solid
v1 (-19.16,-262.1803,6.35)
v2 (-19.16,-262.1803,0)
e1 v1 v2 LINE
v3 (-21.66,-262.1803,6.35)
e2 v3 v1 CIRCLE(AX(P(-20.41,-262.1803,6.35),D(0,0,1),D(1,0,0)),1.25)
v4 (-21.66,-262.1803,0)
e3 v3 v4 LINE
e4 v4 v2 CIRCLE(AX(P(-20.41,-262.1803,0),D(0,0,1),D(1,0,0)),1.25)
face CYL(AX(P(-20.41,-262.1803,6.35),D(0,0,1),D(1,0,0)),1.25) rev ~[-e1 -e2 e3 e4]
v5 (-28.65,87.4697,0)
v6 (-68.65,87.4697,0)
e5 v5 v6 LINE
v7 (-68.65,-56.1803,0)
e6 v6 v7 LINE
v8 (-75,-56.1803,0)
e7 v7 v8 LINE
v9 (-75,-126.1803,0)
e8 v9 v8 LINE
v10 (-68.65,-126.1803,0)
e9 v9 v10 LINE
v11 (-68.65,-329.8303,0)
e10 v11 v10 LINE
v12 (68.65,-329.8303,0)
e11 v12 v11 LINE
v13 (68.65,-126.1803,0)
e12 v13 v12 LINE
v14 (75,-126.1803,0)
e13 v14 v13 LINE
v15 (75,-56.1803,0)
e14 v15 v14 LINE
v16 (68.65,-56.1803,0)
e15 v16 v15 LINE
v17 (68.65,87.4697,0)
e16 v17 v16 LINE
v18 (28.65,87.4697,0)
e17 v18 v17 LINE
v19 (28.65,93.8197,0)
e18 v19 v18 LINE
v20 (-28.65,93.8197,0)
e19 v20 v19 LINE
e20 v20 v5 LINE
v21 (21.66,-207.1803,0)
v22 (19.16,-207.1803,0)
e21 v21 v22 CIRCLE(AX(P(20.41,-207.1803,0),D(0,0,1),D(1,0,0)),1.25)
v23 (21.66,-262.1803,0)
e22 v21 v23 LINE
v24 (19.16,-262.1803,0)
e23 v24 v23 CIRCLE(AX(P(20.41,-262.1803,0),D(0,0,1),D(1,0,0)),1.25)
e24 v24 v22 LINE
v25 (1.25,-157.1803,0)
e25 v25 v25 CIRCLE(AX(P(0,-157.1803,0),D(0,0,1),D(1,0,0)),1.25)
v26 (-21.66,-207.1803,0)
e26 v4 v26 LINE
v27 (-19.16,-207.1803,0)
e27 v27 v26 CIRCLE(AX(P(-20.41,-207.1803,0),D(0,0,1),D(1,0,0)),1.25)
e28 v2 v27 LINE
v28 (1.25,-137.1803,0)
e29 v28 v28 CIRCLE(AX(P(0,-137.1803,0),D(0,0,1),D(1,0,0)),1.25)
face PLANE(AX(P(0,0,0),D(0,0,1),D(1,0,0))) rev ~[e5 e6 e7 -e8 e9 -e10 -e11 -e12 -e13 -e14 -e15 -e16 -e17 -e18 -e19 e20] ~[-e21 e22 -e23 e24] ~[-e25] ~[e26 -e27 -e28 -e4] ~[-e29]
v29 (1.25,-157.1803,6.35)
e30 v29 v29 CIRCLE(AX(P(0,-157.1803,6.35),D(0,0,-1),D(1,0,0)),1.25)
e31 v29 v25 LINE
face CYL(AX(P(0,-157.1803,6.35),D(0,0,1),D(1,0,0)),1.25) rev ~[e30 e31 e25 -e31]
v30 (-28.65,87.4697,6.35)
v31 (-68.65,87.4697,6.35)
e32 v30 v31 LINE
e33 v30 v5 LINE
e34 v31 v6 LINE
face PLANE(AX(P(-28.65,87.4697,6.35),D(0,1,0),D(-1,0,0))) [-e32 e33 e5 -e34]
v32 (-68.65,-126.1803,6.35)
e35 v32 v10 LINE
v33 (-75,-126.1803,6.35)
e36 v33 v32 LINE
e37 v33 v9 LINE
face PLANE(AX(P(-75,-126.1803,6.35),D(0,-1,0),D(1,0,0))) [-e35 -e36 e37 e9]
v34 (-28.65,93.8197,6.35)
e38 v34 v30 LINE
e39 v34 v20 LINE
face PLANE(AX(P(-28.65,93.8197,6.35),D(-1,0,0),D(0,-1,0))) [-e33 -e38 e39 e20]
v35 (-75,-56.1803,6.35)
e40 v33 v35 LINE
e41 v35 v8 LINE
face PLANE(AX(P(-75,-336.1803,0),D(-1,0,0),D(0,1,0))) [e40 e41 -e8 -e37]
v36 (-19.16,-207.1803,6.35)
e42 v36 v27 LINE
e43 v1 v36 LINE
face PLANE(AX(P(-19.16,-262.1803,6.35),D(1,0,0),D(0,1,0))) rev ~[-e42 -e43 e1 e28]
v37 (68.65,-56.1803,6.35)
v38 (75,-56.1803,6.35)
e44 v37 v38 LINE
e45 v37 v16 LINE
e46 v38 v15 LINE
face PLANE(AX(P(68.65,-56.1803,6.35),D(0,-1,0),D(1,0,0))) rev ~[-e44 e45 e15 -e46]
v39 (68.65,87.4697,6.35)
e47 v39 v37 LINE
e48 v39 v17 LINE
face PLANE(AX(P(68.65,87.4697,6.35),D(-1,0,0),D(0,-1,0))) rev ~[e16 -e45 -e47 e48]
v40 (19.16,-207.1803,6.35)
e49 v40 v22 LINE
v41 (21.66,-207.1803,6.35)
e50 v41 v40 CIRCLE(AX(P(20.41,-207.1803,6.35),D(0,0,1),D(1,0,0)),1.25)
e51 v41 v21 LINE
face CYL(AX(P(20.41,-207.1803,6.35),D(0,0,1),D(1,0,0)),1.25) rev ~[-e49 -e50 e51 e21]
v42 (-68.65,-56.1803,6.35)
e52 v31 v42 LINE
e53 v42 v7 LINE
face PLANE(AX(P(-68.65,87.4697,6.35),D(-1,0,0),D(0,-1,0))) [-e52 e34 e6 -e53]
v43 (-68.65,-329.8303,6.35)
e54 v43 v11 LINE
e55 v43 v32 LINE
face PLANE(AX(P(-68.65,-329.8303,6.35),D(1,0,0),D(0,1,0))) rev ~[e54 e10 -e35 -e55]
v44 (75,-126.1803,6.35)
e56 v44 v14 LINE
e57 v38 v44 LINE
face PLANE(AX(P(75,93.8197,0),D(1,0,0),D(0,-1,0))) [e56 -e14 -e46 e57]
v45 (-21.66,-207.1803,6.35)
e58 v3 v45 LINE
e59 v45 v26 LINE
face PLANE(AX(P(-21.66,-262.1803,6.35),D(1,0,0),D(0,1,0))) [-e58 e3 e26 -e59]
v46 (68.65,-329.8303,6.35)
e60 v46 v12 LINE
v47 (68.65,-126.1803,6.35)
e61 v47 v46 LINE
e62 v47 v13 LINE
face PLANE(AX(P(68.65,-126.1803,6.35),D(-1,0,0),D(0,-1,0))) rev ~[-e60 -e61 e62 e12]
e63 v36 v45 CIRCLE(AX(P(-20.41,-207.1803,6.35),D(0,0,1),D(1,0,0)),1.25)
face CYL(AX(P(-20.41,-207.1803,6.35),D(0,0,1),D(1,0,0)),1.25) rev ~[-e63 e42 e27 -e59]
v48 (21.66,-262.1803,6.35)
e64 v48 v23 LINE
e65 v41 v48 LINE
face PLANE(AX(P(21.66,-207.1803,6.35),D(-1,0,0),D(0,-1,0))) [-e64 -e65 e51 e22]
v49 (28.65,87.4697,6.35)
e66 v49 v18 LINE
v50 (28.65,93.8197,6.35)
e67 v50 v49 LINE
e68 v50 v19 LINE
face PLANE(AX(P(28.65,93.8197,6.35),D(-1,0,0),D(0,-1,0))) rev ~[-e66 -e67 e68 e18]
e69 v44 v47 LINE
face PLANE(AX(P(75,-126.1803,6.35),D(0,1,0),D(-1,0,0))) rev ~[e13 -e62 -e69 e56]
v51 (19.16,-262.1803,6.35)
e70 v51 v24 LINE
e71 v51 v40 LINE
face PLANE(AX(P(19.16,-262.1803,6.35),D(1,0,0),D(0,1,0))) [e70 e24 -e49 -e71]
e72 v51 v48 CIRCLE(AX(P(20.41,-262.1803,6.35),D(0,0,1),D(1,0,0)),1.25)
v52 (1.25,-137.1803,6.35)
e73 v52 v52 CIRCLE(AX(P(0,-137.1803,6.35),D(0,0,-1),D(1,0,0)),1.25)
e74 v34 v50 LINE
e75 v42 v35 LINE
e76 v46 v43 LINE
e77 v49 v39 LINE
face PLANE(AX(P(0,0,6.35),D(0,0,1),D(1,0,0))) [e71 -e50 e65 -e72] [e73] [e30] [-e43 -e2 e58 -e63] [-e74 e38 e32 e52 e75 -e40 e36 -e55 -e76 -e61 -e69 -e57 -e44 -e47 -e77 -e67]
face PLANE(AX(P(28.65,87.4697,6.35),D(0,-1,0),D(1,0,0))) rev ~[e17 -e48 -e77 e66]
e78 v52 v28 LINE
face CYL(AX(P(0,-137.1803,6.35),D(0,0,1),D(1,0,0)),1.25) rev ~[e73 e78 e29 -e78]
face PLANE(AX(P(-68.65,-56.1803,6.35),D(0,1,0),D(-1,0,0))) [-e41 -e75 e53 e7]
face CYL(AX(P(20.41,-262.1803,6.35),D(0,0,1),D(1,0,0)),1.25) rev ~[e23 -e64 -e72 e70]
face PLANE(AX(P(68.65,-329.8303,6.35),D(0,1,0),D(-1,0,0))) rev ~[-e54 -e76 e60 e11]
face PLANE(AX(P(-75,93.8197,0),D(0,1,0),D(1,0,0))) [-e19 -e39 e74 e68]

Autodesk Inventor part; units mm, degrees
ref_plane "YZ Plane" through (0, 0, 0) normal (1, 0, 0) x (0, 1, 0)
ref_plane "XZ Plane" through (0, 0, 0) normal (0, 1, 0) x (-1, 0, 0)
ref_plane "XY Plane" through (0, 0, 0) normal (0, 0, 1) x (1, 0, 0)
sketch "Sketch1" plane through (0, 0, 0) normal (0, 0, 1) x (1, 0, 0)
  line L0 (-75, 93.8197) -> (75, 93.8197)
  line L1 (75, 93.8197) -> (75, -336.1803)
  line L2 (75, -336.1803) -> (-75, -336.1803)
  line L3 (-75, -336.1803) -> (-75, 93.8197)
  point P0 (0, 0)
  dimension "d0" = 150
  dimension "d1" = 430
extrude "Extrusion1" add sketch "Sketch1" along normal blind 6.35
sketch "Sketch2" plane through (0, 0, 6.35) normal (0, 0, 1) x (1, 0, 0)
  line L0 (75, 93.8197) -> (-75, 93.8197) projected
  line L1 (-75, 93.8197) -> (-68.65, 93.8197)
  line L2 (-68.65, 93.8197) -> (-68.65, -56.1803)
  line L3 (-68.65, -56.1803) -> (-75, -56.1803)
  line L4 (-75, -56.1803) -> (-75, 93.8197)
  line L5 (-75, 93.8197) -> (-75, -336.1803) projected
  line L6 (-75, -126.1803) -> (-68.65, -126.1803)
  line L7 (-68.65, -126.1803) -> (-68.65, -236.1803)
  line L8 (-68.65, -236.1803) -> (-75, -236.1803)
  line L9 (-75, -236.1803) -> (-75, -126.1803)
  line L10 (-75, 93.8197) -> (-75, -336.1803) projected
  line L11 (-75, -336.1803) -> (-68.65, -336.1803)
  line L12 (-68.65, -336.1803) -> (-68.65, -186.1803)
  line L13 (-68.65, -186.1803) -> (-75, -186.1803)
  line L14 (-75, -186.1803) -> (-75, -336.1803)
  line L15 (75, -336.1803) -> (75, 93.8197) projected
  line L16 (75, 93.8197) -> (68.65, 93.8197)
  line L17 (68.65, 93.8197) -> (68.65, -56.1803)
  line L18 (68.65, -56.1803) -> (75, -56.1803)
  line L19 (75, -56.1803) -> (75, 93.8197)
  line L20 (75, -126.1803) -> (68.65, -126.1803)
  line L21 (68.65, -126.1803) -> (68.65, -236.1803)
  line L22 (68.65, -236.1803) -> (75, -236.1803)
  line L23 (75, -236.1803) -> (75, -126.1803)
  line L24 (-75, -336.1803) -> (75, -336.1803) projected
  line L25 (75, -336.1803) -> (68.65, -336.1803)
  line L26 (68.65, -336.1803) -> (68.65, -186.1803)
  line L27 (68.65, -186.1803) -> (75, -186.1803)
  line L28 (75, -186.1803) -> (75, -336.1803)
  line L29 (-68.65, 93.8197) -> (-28.65, 93.8197)
  line L30 (-28.65, 93.8197) -> (-28.65, 87.4697)
  line L31 (-28.65, 87.4697) -> (-68.65, 87.4697)
  line L32 (-68.65, 87.4697) -> (-68.65, 93.8197)
  line L33 (68.65, 93.8197) -> (28.65, 93.8197)
  line L34 (28.65, 93.8197) -> (28.65, 87.4697)
  line L35 (28.65, 87.4697) -> (68.65, 87.4697)
  line L36 (68.65, 87.4697) -> (68.65, 93.8197)
  line L37 (-68.65, -336.1803) -> (68.9785, -336.1803)
  line L38 (68.9785, -336.1803) -> (68.9785, -329.8303)
  line L39 (-68.65, -329.8303) -> (-68.65, -336.1803)
  line L40 (68.65, -329.8303) -> (68.65, -336.1803)
  line L41 (-75, -336.1803) -> (75, -336.1803)
  line L42 (75, -336.1803) -> (75, -329.8303)
  line L43 (75, -329.8303) -> (-75, -329.8303)
  line L44 (-75, -329.8303) -> (-75, -336.1803)
  point P0 (0, 0)
  point P1 (-75, -186.1803)
  point P2 (75, -186.1803)
  point P3 (-75, -236.1803)
  point P4 (75, -236.1803)
  point P5 (75, -126.1803)
  point P6 (75, -56.1803)
  dimension "d4" = 150
  dimension "d5" = 110
  dimension "d6" = 150
  dimension "d7" = 70
  dimension "d8" = 6.35
  dimension "d9" = 6.35
  dimension "d12" = 6.35
  dimension "d13" = 6.35
  dimension "d14" = 40
  dimension "d15" = 40
  dimension "d32" = 150
  dimension "d33" = 150
  dimension "d34" = 110
  dimension "d35" = 70
  dimension "d36" = 6.35
extrude "Extrusion2" cut sketch "Sketch2" against normal through all contours L15 L18 L17 L0 | L17 L35 L34 L0 | L15 L27 L21 L20 | L30 L31 L2 L0 | L15 L22 L21 L27 | L2 L3 L4 L0 | L15 L43 L26 L22 | L15 L24 L38 L43 | L38 L24 L26 L43 | L26 L24 L12 L43 | L6 L7 L13 L5 | L43 L5 L8 L12 | L12 L11 L5 L43 | L13 L7 L8 L5
sketch "Sketch4" plane through (0, 0, 6.35) normal (0, 0, 1) x (1, 0, 0)
  circle A0 centre (0, -157.1803) radius 1.25
  line L0 (-68.65, -336.1803) -> (68.65, -336.1803) projected
  line L1 (28.65, 93.8197) -> (-28.65, 93.8197) projected
  circle A1 centre (0, -137.1803) radius 1.25
  line L2 (0, -207.1803) -> (20.41, -207.1803)
  circle A2 centre (20.41, -207.1803) radius 1.25
  line L3 (0, -207.1803) -> (-20.41, -207.1803)
  circle A3 centre (-20.41, -207.1803) radius 1.25
  line L4 (0, -137.1803) -> (-75, -137.1803)
  line L5 (-75, -56.1803) -> (-75, -126.1803) projected
  line L6 (-75, -137.1803) -> (-75, -126.1803)
  line L7 (0, -157.1803) -> (0, -137.1803)
  line L8 (0, -207.1803) -> (0, -157.1803)
  circle A4 centre (-20.41, -262.1803) radius 1.25
  circle A5 centre (20.41, -262.1803) radius 1.25
  line L9 (-21.66, -262.1803) -> (-21.66, -207.1803)
  line L10 (-19.16, -262.1803) -> (-19.16, -207.1803)
  line L11 (19.16, -262.1803) -> (19.16, -207.1803)
  line L12 (21.66, -207.1803) -> (21.66, -262.1803)
  line L13 (21.66, -262.1803) -> (19.16, -262.1803)
  line L14 (-75, -56.1803) -> (-75, -126.1803) projected
  point P0 (0, 0)
  point P1 (-28.65, -336.1803)
  point P2 (28.65, -336.1803)
  point P3 (-75, -236.1803)
  point P4 (-75, -306.1803)
  dimension "d18" = 2.5
  dimension "d22" = 251
  dimension "d23" = 20
  dimension "d25" = 20.41
  dimension "d26" = 75
  dimension "d27" = 50
  dimension "d28" = 55
  dimension "d30" = 55
  dimension "d31" = 55
extrude "Extrusion3" cut sketch "Sketch4" against normal through all
equation "\"d9\" = d8"
equation "\"d13\" = d8"
equation "\"d15\" = d14"
equation "\"d32\" = d4"
equation "\"d33\" = d6"
equation "\"d34\" = d5"
equation "\"d35\" = d7"
equation "\"d30\" = d28"
properties part number "2201_Housing Bottom_V1" material "Wood (Birch)"
